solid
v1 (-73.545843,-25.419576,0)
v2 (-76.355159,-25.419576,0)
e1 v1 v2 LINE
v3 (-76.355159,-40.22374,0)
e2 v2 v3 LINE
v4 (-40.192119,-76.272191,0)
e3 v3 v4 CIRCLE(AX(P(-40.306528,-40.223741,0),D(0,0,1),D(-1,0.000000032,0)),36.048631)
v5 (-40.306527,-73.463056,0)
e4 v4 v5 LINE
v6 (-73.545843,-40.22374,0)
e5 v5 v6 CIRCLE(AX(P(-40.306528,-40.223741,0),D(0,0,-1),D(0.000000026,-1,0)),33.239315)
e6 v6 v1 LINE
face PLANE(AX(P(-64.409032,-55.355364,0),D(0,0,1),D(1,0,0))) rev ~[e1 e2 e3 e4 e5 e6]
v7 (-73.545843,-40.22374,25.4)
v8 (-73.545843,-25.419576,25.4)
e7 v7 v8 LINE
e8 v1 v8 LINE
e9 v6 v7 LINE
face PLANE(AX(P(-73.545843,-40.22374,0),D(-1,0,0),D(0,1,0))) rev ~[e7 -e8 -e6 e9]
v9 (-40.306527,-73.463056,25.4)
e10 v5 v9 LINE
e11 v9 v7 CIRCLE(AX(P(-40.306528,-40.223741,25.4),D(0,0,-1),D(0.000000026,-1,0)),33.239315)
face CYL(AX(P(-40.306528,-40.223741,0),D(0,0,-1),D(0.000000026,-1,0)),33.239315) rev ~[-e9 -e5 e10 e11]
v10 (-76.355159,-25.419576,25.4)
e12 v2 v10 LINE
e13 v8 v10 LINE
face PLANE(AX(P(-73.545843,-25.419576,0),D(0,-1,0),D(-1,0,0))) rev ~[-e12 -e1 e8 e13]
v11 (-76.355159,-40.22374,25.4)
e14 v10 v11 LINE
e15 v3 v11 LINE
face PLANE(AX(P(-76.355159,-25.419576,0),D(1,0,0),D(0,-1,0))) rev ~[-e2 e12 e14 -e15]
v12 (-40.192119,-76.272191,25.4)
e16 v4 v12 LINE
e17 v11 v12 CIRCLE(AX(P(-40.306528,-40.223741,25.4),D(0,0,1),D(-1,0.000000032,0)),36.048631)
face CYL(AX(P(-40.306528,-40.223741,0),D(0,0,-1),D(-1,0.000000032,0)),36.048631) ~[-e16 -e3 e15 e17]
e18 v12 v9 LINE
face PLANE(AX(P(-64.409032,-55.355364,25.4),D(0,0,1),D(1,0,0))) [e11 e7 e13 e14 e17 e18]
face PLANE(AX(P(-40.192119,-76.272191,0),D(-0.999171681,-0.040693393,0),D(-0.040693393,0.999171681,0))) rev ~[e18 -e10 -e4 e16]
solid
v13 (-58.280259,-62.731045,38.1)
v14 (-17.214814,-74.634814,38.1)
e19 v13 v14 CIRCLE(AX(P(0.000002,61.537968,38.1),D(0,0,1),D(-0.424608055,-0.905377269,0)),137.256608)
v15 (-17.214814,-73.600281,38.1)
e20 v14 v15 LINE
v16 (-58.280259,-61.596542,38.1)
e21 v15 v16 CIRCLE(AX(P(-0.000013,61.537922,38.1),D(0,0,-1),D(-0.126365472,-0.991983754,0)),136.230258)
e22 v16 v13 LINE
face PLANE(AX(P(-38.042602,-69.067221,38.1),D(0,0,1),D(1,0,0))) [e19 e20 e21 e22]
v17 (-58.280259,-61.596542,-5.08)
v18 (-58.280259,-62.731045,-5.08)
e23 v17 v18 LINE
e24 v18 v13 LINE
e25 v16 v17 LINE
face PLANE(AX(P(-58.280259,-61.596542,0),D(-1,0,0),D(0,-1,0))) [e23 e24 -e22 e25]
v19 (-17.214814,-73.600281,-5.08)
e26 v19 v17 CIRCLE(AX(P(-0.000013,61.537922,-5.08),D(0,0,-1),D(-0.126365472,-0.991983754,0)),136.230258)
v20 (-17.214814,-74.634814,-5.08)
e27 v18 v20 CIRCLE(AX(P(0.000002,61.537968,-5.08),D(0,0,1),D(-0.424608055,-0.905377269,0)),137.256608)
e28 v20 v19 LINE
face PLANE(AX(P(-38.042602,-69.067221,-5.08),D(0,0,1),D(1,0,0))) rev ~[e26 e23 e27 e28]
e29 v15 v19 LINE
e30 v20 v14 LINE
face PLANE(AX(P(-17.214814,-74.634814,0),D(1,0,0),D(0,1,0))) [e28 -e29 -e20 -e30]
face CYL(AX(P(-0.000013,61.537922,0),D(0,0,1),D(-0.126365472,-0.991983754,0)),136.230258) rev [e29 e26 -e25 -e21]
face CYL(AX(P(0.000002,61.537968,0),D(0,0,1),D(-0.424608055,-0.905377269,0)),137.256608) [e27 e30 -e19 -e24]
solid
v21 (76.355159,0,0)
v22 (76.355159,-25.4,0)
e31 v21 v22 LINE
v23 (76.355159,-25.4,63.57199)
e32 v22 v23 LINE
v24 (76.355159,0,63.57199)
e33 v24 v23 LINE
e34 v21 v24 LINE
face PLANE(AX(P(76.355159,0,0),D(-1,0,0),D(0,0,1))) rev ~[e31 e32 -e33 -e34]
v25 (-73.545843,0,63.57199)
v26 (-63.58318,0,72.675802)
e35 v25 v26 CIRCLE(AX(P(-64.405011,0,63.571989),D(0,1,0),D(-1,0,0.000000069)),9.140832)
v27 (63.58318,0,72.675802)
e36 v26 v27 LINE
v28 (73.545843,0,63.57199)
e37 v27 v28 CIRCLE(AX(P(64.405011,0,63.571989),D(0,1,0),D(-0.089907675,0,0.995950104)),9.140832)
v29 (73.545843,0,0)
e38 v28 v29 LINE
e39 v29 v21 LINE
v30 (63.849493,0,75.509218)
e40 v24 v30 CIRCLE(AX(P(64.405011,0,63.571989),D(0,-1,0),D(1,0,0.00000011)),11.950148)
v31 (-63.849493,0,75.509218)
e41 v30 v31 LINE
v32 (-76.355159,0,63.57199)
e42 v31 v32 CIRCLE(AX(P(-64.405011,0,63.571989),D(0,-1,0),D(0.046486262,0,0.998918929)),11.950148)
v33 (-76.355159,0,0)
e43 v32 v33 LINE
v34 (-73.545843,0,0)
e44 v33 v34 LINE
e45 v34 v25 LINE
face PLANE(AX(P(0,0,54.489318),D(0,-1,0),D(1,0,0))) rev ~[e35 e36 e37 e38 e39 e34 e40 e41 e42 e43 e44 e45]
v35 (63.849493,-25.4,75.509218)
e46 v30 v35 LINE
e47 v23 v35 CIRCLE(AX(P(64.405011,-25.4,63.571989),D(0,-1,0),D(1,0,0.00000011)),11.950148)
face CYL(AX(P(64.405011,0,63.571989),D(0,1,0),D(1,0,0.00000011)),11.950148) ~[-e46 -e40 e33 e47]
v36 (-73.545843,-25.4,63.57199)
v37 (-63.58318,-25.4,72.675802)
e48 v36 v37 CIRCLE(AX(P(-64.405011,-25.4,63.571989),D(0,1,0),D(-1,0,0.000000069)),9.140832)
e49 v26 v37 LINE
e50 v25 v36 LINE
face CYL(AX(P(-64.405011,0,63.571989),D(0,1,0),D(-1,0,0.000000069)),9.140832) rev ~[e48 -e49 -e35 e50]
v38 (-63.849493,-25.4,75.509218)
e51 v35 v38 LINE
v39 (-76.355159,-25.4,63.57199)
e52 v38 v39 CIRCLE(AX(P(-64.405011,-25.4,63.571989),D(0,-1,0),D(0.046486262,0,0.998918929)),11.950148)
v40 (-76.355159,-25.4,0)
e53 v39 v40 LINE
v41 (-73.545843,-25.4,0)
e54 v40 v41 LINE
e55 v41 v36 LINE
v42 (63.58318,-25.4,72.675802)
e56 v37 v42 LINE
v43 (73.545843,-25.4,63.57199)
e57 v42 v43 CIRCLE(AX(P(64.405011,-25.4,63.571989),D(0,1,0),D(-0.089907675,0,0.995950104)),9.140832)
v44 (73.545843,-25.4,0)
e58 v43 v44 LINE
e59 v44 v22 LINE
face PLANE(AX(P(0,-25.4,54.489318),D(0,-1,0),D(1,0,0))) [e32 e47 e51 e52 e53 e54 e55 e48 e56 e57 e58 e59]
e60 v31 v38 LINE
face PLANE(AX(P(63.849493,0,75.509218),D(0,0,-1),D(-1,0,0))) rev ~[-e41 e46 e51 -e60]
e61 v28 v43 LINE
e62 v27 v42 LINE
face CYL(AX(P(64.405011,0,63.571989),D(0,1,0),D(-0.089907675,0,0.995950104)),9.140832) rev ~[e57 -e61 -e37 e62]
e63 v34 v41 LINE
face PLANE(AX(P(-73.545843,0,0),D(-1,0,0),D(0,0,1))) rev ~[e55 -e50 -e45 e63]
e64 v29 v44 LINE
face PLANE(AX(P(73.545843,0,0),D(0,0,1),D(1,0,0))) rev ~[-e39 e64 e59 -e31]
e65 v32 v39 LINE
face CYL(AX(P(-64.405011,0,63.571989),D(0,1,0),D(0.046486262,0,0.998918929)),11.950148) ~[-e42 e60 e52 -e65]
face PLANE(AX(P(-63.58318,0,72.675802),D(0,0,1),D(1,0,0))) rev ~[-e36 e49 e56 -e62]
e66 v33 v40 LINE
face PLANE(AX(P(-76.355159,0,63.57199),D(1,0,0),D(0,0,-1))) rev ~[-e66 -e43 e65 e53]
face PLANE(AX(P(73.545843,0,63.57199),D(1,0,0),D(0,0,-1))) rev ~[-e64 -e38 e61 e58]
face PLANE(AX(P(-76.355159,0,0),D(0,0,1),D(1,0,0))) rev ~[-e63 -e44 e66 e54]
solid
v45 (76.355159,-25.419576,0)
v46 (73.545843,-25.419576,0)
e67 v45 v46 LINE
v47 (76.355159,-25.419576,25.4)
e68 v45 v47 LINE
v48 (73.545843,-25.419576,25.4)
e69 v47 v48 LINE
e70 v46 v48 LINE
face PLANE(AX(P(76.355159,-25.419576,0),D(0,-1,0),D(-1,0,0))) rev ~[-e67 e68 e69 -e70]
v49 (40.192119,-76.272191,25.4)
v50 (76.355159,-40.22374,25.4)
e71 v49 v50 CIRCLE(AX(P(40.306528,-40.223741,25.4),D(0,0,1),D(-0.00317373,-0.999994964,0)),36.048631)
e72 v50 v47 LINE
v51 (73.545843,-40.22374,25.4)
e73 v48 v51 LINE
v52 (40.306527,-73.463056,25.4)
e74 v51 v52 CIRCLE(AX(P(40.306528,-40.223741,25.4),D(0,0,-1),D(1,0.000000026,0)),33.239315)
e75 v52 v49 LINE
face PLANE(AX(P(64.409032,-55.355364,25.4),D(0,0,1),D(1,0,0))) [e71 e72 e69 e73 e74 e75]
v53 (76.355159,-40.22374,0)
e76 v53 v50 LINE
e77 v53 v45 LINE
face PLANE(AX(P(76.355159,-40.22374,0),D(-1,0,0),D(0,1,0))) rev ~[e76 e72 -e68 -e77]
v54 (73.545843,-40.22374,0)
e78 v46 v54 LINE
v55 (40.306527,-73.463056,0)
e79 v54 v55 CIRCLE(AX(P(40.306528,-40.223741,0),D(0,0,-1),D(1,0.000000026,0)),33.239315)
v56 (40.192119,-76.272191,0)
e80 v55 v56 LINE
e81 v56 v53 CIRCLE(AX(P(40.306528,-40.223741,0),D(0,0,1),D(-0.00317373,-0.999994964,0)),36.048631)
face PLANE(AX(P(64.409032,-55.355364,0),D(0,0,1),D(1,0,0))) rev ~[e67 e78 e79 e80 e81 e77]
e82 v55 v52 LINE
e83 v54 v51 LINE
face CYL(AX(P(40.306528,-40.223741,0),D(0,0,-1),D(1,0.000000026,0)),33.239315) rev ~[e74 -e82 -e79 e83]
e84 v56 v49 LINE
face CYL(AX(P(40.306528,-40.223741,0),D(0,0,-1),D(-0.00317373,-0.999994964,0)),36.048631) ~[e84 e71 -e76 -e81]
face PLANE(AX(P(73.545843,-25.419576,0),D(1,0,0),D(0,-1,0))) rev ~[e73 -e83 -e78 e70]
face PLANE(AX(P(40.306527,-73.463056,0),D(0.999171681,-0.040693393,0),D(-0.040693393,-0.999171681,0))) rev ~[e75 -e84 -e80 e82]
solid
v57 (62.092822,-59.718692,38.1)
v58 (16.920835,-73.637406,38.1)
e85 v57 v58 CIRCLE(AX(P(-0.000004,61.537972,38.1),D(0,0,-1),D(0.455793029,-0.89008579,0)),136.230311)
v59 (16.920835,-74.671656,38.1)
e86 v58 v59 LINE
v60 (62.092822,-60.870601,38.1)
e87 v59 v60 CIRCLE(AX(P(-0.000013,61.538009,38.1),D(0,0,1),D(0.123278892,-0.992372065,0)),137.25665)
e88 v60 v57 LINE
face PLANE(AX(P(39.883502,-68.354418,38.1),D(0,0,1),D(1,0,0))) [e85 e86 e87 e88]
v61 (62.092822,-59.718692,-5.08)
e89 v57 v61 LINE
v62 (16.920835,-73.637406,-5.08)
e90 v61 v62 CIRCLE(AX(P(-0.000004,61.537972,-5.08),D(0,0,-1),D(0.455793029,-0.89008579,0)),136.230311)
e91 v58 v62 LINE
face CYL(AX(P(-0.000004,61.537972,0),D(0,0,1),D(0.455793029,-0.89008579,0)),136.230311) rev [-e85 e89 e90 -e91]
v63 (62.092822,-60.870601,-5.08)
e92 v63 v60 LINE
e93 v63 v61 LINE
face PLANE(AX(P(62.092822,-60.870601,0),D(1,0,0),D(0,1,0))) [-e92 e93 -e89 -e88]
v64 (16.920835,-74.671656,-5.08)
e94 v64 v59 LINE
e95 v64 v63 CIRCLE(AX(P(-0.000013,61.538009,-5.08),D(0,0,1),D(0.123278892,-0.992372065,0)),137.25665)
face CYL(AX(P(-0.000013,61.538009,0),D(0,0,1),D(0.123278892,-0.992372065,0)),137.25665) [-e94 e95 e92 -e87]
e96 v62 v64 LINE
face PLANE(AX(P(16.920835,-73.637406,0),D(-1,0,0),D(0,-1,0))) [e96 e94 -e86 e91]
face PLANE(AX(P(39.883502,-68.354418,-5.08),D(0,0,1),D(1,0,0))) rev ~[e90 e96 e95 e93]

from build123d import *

# Parameters (mm, degrees)
F2_DEPTH      = 25.4
F3_DEPTH      = 25.4
F5_DEPTH      = 38.1
F5_DEPTH_BACK = 5.08


with BuildPart() as f2:
    # F0 (on Front) → F2 (new body)
    with BuildSketch(Plane.XZ):
        with BuildLine():
            Line((-76.355159, 63.57199), (-76.355159, 0))
            Line((-76.355159, 0), (-73.545843, 0))
            Line((-73.545843, 0), (-73.545843, 63.57199))
            ThreePointArc((-73.545843, 63.57199), (-70.571152, 70.319842), (-63.58318, 72.675802))
            Line((-63.58318, 72.675802), (63.58318, 72.675802))
            ThreePointArc((63.58318, 72.675802), (70.571152, 70.319842), (73.545843, 63.57199))
            Line((73.545843, 63.57199), (73.545843, 0))
            Line((73.545843, 0), (76.355159, 0))
            Line((76.355159, 0), (76.355159, 63.57199))
            ThreePointArc((76.355159, 63.57199), (72.656299, 72.216194), (63.849493, 75.509218))
            Line((63.849493, 75.509218), (-63.849493, 75.509218))
            ThreePointArc((-63.849493, 75.509218), (-72.656299, 72.216194), (-76.355159, 63.57199))
        make_face()
    extrude(amount=F2_DEPTH)


with BuildPart() as f3:
    # F1 (on Top) → F3 (new body)
    with BuildSketch(Plane.XY):
        with BuildLine():
            Line((76.355159, -25.419576), (73.545843, -25.419576))
            Line((73.545843, -25.419576), (73.545843, -40.22374))
            ThreePointArc((73.545843, -40.22374), (63.810273, -63.727486), (40.306527, -73.463056))
            Line((40.306527, -73.463056), (40.192119, -76.272191))
            ThreePointArc((40.192119, -76.272191), (65.756278, -65.75439), (76.355159, -40.22374))
            Line((76.355159, -40.22374), (76.355159, -25.419576))
        make_face()
        with BuildLine():
            Line((-73.545843, -25.419576), (-76.355159, -25.419576))
            Line((-76.355159, -25.419576), (-76.355159, -40.22374))
            ThreePointArc((-76.355159, -40.22374), (-65.756278, -65.75439), (-40.192119, -76.272191))
            Line((-40.192119, -76.272191), (-40.306527, -73.463056))
            ThreePointArc((-40.306527, -73.463056), (-63.810273, -63.727486), (-73.545843, -40.22374))
            Line((-73.545843, -40.22374), (-73.545843, -25.419576))
        make_face()
    extrude(amount=F3_DEPTH)


with BuildPart() as f5:
    # F4 (on Top) → F5 (new body, two sides)
    with BuildSketch(Plane.XY) as f5_sk:
        with BuildLine():
            Line((16.920835, -73.637406), (16.920835, -74.671656))
            ThreePointArc((16.920835, -74.671656), (40.104947, -69.728819), (62.092822, -60.870601))
            Line((62.092822, -60.870601), (62.092822, -59.718692))
            ThreePointArc((62.092822, -59.718692), (40.115111, -68.652178), (16.920835, -73.637406))
        make_face()
        with BuildLine():
            Line((-58.280259, -61.596542), (-58.280259, -62.731045))
            ThreePointArc((-58.280259, -62.731045), (-38.213891, -70.291751), (-17.214814, -74.634814))
            Line((-17.214814, -74.634814), (-17.214814, -73.600281))
            ThreePointArc((-17.214814, -73.600281), (-38.221708, -69.220578), (-58.280259, -61.596542))
        make_face()
    extrude(amount=F5_DEPTH)
    extrude(f5_sk.sketch, amount=-F5_DEPTH_BACK)


solid = Compound([f2.part, f3.part, f5.part])
